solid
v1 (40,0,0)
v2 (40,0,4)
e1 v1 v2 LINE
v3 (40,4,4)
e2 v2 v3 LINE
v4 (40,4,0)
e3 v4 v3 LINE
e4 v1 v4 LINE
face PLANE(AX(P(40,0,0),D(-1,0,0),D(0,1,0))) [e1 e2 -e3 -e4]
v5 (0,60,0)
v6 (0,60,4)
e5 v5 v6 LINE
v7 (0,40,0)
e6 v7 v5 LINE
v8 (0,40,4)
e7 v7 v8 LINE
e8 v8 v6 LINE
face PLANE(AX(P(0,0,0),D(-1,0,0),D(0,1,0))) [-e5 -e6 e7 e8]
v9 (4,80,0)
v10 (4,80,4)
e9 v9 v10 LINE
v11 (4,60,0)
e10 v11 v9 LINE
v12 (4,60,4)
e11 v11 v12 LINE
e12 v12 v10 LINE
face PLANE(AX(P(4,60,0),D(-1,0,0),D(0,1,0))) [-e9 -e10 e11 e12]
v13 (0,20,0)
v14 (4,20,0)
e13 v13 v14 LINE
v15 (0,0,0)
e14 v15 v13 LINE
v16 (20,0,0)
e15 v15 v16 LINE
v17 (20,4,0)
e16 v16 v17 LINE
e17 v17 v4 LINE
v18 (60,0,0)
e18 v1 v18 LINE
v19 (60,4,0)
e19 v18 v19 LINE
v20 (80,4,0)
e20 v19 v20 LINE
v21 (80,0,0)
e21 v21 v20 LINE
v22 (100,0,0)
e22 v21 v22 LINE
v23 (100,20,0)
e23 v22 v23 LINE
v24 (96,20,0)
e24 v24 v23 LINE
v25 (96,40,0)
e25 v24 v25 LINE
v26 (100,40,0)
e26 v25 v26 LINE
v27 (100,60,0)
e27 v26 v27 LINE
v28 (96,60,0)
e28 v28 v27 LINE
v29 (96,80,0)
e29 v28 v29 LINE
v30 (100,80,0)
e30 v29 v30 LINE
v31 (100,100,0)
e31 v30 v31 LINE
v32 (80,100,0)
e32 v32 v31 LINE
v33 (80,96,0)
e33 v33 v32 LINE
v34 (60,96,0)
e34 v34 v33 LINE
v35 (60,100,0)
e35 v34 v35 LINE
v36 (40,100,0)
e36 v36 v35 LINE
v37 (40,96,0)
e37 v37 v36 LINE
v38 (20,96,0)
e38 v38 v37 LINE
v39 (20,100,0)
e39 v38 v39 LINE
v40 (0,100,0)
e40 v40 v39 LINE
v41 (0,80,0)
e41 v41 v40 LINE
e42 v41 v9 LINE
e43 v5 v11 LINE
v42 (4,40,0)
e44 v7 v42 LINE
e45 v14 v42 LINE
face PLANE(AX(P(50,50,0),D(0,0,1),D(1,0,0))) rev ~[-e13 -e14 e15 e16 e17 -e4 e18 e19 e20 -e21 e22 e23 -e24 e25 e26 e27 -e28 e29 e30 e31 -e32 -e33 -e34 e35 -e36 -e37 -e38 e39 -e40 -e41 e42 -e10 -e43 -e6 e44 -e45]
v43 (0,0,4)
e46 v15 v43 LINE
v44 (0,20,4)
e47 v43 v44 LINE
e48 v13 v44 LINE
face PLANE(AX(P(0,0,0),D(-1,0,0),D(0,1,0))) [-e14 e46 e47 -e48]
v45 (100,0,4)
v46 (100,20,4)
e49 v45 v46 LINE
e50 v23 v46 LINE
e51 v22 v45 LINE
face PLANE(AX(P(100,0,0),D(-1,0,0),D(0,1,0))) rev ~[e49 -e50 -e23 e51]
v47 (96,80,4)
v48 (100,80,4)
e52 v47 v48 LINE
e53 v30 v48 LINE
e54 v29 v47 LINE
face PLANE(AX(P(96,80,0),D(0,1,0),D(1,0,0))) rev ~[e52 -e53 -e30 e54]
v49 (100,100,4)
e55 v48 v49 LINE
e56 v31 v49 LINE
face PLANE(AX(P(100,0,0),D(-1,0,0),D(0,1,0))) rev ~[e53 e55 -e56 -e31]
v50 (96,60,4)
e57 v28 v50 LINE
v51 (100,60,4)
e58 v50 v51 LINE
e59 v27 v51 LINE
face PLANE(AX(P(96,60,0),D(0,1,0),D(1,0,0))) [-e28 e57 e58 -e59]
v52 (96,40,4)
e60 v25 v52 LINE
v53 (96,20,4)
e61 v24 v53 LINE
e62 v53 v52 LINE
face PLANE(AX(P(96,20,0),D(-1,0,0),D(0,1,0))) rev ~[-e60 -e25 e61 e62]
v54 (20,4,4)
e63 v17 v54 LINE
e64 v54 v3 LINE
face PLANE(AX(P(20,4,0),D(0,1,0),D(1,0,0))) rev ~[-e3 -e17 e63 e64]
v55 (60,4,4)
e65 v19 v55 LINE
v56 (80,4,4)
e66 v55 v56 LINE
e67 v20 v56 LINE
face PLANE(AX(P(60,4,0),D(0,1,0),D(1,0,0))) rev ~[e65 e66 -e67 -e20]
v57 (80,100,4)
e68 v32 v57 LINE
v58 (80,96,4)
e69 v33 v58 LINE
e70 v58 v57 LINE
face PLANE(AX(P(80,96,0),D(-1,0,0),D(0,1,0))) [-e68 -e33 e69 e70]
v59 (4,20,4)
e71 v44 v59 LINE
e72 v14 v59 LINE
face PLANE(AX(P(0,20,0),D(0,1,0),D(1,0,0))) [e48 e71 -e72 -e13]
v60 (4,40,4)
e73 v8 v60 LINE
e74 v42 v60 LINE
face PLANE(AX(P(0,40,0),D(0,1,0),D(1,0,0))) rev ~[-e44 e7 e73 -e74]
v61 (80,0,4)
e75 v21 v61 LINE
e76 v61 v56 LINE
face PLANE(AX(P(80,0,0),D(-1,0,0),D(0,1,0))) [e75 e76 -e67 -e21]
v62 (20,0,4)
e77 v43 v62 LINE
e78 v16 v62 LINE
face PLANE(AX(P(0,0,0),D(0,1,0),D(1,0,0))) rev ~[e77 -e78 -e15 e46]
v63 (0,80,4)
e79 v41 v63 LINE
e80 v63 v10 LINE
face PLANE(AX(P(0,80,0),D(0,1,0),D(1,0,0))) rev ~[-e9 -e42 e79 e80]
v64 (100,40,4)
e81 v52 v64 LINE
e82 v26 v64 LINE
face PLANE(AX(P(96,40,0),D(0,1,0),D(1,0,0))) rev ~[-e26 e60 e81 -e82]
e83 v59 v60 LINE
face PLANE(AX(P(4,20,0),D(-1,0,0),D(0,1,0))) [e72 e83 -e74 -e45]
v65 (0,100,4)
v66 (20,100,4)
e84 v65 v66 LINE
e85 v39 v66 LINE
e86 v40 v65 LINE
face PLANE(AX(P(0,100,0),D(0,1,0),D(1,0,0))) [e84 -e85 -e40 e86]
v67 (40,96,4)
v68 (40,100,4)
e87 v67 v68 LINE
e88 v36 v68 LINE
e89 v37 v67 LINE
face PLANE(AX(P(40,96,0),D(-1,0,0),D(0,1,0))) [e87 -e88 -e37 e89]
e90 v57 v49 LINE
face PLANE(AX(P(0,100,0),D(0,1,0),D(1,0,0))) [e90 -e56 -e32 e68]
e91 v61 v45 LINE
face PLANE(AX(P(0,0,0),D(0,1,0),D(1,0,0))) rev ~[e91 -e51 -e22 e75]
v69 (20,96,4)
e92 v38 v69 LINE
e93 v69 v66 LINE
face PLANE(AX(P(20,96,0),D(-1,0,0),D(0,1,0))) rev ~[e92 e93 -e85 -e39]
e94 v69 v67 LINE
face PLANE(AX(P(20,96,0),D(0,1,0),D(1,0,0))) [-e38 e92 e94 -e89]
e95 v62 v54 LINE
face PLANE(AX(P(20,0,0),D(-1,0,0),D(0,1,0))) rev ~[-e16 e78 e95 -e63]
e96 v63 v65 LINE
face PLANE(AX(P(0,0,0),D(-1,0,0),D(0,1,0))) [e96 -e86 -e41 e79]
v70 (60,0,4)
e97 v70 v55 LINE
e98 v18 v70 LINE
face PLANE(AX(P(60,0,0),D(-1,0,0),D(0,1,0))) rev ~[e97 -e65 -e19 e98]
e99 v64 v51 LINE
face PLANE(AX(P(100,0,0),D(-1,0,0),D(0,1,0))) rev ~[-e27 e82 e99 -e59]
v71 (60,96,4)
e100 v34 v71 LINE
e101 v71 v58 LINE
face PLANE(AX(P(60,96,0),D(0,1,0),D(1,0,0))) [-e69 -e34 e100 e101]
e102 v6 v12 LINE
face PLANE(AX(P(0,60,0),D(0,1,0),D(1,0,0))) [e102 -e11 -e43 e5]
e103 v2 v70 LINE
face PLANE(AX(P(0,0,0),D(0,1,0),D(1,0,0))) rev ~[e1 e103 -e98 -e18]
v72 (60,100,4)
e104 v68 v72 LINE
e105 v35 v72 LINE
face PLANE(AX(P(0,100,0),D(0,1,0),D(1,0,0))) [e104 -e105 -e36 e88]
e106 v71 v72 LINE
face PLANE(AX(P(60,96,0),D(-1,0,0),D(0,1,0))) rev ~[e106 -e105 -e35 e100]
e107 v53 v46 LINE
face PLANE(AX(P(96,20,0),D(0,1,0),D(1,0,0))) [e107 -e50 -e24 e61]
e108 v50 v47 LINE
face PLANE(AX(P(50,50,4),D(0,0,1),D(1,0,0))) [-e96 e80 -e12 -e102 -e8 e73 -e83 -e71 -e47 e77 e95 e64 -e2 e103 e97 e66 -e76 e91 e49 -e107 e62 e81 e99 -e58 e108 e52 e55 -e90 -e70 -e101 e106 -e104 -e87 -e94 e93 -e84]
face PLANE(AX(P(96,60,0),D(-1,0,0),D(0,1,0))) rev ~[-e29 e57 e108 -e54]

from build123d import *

# Parameters (mm, degrees)
F0_W     = 100
F0_H     = 100
F1_DEPTH = 4
F2_W     = 20
F2_H     = 4
F2_W_2   = 4
F2_H_2   = 20
F3_DEPTH = 4


with BuildPart() as f1:
    # F0 (on Top) → F1 (new body)
    with BuildSketch(Plane.XY):
        with Locations((50, 50)):
            Rectangle(F0_W, F0_H)
    extrude(amount=F1_DEPTH)

    # F2 (on Top) → F3 (cut)
    with BuildSketch(Plane.XY):
        with Locations((30, 2)):
            Rectangle(F2_W, F2_H)
        with Locations((70, 2)):
            Rectangle(F2_W, F2_H)
        with Locations((2, 30)):
            Rectangle(F2_W_2, F2_H_2)
        with Locations((2, 70)):
            Rectangle(F2_W_2, F2_H_2)
        with Locations((30, 98)):
            Rectangle(F2_W, F2_H)
        with Locations((70, 98)):
            Rectangle(F2_W, F2_H)
        with Locations((98, 70)):
            Rectangle(F2_W_2, F2_H_2)
        with Locations((98, 30)):
            Rectangle(F2_W_2, F2_H_2)
    extrude(amount=F3_DEPTH, mode=Mode.SUBTRACT)


solid = f1.part
